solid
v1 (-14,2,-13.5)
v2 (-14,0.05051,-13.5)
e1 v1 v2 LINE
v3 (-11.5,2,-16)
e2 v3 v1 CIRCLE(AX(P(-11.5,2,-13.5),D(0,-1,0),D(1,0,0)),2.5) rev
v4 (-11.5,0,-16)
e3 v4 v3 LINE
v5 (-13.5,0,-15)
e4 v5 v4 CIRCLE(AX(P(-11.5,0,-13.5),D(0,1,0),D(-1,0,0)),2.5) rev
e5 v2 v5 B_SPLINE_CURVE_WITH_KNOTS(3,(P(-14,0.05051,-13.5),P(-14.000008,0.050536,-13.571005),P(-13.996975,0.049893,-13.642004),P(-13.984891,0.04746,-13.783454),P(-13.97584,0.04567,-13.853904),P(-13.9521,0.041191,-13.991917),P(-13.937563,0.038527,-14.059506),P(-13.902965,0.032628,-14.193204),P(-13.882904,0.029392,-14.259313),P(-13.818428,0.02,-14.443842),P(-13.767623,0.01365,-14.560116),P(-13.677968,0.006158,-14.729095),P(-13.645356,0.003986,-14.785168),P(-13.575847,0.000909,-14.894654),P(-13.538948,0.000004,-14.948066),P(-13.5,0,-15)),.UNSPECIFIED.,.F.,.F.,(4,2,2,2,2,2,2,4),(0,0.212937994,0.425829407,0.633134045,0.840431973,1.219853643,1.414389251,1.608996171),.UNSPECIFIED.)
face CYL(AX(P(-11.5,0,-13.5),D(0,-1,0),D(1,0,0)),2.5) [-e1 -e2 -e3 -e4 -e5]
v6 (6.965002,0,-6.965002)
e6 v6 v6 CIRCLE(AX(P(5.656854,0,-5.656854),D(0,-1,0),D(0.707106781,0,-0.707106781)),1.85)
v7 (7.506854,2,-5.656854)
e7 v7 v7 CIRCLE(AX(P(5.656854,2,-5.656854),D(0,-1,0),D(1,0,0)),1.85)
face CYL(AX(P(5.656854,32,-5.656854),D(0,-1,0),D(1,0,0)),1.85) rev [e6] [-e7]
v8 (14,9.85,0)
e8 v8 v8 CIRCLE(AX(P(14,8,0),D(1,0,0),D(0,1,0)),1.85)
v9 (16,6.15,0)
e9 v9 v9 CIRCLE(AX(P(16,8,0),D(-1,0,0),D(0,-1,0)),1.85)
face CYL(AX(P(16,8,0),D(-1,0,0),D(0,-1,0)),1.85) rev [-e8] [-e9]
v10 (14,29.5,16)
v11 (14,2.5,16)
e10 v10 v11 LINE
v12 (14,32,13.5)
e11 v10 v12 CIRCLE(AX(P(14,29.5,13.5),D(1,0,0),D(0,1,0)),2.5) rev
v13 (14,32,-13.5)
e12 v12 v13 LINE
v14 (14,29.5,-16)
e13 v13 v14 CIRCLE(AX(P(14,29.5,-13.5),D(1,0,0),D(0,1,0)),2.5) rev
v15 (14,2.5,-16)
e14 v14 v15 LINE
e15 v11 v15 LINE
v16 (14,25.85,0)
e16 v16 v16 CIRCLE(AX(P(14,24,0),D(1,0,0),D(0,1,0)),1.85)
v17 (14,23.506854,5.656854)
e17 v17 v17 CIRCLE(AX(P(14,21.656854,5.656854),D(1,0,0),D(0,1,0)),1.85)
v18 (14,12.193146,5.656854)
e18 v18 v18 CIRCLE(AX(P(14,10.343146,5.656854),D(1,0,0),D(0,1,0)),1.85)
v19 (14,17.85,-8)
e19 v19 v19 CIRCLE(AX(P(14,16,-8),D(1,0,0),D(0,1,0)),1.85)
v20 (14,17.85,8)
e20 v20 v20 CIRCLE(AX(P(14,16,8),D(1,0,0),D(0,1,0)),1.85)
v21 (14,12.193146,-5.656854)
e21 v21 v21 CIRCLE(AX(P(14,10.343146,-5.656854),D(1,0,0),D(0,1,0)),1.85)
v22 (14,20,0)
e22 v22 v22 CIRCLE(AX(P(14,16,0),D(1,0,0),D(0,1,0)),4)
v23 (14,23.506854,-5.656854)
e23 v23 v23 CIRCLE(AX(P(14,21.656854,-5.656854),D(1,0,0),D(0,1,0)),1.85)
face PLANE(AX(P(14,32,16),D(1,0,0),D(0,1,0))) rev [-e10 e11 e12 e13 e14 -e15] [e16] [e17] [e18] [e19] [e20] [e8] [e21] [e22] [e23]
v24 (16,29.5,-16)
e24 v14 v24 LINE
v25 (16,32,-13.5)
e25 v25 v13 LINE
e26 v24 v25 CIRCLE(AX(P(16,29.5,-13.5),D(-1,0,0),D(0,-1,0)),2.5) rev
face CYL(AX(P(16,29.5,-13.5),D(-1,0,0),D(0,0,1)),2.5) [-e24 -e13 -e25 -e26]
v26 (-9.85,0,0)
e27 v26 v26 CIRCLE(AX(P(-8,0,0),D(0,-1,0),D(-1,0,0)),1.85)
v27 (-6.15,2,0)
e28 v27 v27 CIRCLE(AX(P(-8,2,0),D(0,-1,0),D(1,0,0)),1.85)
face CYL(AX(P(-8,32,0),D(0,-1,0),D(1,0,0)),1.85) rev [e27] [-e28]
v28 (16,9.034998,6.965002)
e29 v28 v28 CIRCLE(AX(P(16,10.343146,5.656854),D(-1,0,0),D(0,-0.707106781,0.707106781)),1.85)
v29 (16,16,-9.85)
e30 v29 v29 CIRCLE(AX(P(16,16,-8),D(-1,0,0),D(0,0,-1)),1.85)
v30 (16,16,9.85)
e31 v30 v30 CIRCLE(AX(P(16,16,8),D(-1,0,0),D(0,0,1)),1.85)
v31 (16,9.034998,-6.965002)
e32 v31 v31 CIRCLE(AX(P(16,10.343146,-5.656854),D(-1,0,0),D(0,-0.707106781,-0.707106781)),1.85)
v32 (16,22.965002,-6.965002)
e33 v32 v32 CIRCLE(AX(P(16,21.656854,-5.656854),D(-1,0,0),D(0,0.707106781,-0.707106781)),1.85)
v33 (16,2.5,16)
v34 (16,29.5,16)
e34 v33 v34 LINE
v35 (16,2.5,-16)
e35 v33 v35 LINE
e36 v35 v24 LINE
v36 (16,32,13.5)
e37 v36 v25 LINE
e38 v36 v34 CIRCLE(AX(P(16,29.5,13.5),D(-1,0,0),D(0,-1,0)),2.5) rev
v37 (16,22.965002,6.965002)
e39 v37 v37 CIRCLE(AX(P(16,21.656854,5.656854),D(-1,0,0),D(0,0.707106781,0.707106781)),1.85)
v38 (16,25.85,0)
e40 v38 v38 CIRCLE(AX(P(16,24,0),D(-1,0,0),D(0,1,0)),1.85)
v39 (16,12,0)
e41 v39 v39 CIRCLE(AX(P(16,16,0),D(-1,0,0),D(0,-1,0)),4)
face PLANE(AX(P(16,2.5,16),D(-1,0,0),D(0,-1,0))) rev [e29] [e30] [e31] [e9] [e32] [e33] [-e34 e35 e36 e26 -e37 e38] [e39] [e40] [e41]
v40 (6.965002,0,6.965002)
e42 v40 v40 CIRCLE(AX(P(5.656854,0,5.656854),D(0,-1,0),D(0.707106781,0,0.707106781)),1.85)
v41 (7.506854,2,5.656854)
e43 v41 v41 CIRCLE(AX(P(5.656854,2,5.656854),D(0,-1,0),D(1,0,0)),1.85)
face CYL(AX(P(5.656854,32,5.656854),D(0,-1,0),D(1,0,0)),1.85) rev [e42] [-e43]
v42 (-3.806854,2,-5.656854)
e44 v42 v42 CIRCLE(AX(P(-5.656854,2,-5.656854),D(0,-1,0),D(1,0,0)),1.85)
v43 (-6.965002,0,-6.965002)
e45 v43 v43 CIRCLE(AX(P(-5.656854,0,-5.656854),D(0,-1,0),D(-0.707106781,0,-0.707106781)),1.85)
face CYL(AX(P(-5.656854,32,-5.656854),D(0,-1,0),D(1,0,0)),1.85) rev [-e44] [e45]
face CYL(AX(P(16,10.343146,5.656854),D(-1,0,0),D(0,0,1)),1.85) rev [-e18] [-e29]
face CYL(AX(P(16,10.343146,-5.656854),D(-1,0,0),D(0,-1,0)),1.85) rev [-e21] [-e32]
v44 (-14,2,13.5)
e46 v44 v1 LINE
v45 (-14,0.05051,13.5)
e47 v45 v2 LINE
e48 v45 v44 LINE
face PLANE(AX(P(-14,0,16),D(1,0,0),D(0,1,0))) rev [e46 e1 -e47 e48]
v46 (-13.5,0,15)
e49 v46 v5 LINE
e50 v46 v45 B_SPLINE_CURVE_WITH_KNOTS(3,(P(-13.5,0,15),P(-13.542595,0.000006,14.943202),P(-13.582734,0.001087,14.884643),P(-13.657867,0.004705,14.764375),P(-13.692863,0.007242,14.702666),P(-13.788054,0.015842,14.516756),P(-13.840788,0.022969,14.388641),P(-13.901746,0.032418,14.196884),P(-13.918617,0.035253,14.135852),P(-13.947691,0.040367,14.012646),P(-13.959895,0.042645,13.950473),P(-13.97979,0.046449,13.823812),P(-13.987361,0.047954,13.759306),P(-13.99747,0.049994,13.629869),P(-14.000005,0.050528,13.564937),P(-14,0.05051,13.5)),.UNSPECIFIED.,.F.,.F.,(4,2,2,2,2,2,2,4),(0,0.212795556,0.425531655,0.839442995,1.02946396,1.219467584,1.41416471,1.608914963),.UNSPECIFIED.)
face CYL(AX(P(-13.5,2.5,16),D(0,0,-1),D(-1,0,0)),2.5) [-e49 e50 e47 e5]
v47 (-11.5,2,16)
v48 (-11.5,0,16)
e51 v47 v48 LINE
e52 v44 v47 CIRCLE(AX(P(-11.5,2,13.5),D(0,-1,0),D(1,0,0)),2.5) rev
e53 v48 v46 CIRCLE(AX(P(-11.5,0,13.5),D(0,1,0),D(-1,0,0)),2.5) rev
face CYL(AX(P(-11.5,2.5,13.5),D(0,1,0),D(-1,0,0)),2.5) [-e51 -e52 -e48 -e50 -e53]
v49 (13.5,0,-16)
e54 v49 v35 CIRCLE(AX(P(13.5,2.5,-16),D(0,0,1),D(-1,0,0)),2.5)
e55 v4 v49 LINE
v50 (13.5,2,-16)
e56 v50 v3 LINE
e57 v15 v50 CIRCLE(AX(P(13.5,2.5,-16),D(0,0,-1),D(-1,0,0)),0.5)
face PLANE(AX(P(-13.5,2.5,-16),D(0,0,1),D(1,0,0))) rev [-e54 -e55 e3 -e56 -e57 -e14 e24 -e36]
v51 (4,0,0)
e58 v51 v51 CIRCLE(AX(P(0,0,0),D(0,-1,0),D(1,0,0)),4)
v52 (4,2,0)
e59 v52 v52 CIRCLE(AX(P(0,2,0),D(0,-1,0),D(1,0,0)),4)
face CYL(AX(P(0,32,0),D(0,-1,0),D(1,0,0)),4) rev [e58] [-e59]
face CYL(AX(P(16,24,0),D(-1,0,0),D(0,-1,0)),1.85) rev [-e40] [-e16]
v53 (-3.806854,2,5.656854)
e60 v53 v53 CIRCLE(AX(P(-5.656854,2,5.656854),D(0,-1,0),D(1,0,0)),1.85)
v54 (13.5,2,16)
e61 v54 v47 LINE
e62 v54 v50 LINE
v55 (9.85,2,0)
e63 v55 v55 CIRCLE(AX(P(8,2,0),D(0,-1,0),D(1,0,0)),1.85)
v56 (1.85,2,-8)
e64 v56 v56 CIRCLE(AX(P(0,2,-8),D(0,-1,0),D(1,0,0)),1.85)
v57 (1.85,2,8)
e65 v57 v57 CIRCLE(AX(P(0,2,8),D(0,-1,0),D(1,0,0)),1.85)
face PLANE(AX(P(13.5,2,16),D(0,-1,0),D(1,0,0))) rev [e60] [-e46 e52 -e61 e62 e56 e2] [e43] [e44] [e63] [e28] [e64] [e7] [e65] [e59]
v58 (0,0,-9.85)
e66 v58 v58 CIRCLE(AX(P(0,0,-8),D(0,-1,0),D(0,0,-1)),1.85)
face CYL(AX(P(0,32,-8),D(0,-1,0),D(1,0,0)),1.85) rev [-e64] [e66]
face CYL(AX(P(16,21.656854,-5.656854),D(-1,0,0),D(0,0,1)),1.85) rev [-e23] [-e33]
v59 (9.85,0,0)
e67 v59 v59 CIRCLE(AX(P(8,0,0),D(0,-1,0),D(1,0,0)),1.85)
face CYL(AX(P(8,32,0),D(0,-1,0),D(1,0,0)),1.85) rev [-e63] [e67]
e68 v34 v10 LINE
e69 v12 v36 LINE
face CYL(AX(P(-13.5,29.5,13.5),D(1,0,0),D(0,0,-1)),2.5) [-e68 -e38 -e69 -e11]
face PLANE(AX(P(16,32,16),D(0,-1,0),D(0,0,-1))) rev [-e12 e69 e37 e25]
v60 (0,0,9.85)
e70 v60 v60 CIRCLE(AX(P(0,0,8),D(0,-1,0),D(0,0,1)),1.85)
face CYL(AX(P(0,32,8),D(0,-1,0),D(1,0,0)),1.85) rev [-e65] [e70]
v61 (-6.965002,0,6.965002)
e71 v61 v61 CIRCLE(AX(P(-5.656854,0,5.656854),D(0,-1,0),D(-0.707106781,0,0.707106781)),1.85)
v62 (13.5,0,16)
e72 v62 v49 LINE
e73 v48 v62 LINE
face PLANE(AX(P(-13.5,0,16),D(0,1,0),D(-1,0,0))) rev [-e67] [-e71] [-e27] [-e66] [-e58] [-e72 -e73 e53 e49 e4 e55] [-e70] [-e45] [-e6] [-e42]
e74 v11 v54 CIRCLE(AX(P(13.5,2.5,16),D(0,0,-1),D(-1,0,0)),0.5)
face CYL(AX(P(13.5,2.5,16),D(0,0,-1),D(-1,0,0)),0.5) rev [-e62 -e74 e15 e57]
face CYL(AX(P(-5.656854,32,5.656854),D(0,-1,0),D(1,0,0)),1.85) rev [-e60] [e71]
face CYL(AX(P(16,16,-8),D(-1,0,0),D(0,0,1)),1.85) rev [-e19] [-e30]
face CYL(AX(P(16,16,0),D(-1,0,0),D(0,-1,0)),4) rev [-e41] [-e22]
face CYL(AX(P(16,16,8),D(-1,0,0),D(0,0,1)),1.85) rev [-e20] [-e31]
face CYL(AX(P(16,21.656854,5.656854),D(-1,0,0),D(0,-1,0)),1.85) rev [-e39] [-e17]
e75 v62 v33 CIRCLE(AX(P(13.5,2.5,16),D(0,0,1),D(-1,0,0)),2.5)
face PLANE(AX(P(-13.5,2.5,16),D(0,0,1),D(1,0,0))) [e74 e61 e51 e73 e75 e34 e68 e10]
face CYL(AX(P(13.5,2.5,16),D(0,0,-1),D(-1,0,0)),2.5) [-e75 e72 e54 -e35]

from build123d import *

# Parameters (mm, degrees)
EXTRUDE1_DEPTH     = 16
FILLET1_R          = 2.5
SKETCH2_R          = 4
CUT_EXTRUDE1_DEPTH = 40.191835885
SKETCH3_R          = 4
CUT_EXTRUDE3_DEPTH = 49
SKETCH3_3_R        = 1.85
CUT_EXTRUDE4_DEPTH = 49
SKETCH2_4_R        = 1.85
CUT_EXTRUDE2_DEPTH = 40.191835885
CIRPATTERN1_COUNT  = 8
CIRPATTERN3_COUNT  = 8
CUT_EXTRUDE5_DEPTH = 49
CUT_EXTRUDE7_DEPTH = 49
FILLET2_R          = 2.5


with BuildPart() as part:
    # Sketch1 → Extrude1 (new, symmetric)
    with BuildSketch(Plane.XY):
        with BuildLine():
            Line((-13.5, 0), (13.5, 0))
            ThreePointArc((13.5, 0), (15.267766953, 0.732233047), (16, 2.5))
            Line((16, 2.5), (16, 32))
            Line((16, 32), (14, 32))
            Line((14, 32), (14, 2.5))
            ThreePointArc((14, 2.5), (13.853553391, 2.146446609), (13.5, 2))
            Line((13.5, 2), (-13.5, 2))
            ThreePointArc((-13.5, 2), (-13.853553391, 2.146446609), (-14, 2.5))
            Line((-14, 2.5), (-14, 32))
            Line((-14, 32), (-16, 32))
            Line((-16, 32), (-16, 2.5))
            ThreePointArc((-16, 2.5), (-15.267766953, 0.732233047), (-13.5, 0))
        make_face()
    extrude(amount=EXTRUDE1_DEPTH, both=True)

    # Fillet1
    fillet1_edges = [part.edges().sort_by_distance(p)[0] for p in [
        (-15, 32, -16),
        (-15, 32, 16),
        (15, 32, -16),
        (15, 32, 16),
    ]]
    fillet(fillet1_edges, radius=FILLET1_R)

    # Sketch2 → Cut-Extrude1 (cut, through all)
    with BuildSketch(Plane.XZ):
        Circle(SKETCH2_R)
    extrude(amount=-CUT_EXTRUDE1_DEPTH, mode=Mode.SUBTRACT)

    # Sketch3 → Cut-Extrude3 (cut, through all)
    with BuildSketch(Plane.ZY.offset(16)):
        with Locations(Location((0, 16, 0), (0, 0, 270))):
            Circle(SKETCH3_R)
    extrude(amount=-CUT_EXTRUDE3_DEPTH, mode=Mode.SUBTRACT)

    # Sketch3<3> → Cut-Extrude4 (cut, through all)
    with BuildSketch(Plane.ZY.offset(16)):
        with Locations(Location((0, 8, 0), (0, 0, 270))):
            Circle(SKETCH3_3_R)
    cut_extrude4 = extrude(amount=-CUT_EXTRUDE4_DEPTH, mode=Mode.SUBTRACT)

    # Sketch2<4> → Cut-Extrude2 (cut, through all)
    with BuildSketch(Plane.XZ):
        with Locations((8, 0)):
            Circle(SKETCH2_4_R)
    cut_extrude2 = extrude(amount=-CUT_EXTRUDE2_DEPTH, mode=Mode.SUBTRACT)

    # CirPattern1: Cut-Extrude2 ×8 about axis
    cirpattern1_axis = Axis((0, 0, 0), (0, 1, 0))
    for i in range(1, CIRPATTERN1_COUNT):
        add(cut_extrude2.rotate(cirpattern1_axis, i * 360 / CIRPATTERN1_COUNT), mode=Mode.SUBTRACT)

    # CirPattern3: Cut-Extrude4 ×8 about axis
    cirpattern3_axis = Axis((0, 16, 0), (1, 0, 0))
    for i in range(1, CIRPATTERN3_COUNT):
        add(cut_extrude4.rotate(cirpattern3_axis, i * 360 / CIRPATTERN3_COUNT), mode=Mode.SUBTRACT)

    # Sketch4 → Cut-Extrude5 (cut, through all)
    with BuildSketch(Plane(origin=(0, 0, -16), x_dir=(-1, 0, 0), z_dir=(0, 0, -1))):
        with BuildLine():
            Line((14, 29.5), (14, 2.5))
            Line((14, 2.5), (14, 0.050510257))
            ThreePointArc((14, 0.050510257), (15.436491673, 0.91886117), (16, 2.5))
            Line((16, 2.5), (16, 29.5))
            Line((16, 29.5), (14, 29.5))
        make_face()
        with BuildLine():
            ThreePointArc((16, 2.5), (15.436491673, 0.91886117), (14, 0.050510257))
            Line((14, 0.050510257), (14, -1.144356578))
            Line((14, -1.144356578), (16.915765157, -1.144356578))
            Line((16.915765157, -1.144356578), (16.915765157, 33.185918655))
            Line((16.915765157, 33.185918655), (14, 33.185918655))
            Line((14, 33.185918655), (14, 29.5))
            Line((14, 29.5), (16, 29.5))
            Line((16, 29.5), (16, 2.5))
        make_face()
    extrude(amount=-CUT_EXTRUDE5_DEPTH, mode=Mode.SUBTRACT)

    # Sketch5 → Cut-Extrude7 (cut, through all)
    with BuildSketch(Plane(origin=(0, 0, -16), x_dir=(-1, 0, 0), z_dir=(0, 0, -1))):
        Polygon((13.5, 2), (15.292334009, 2), (14.396167004, 3.92414695), align=None)
    extrude(amount=-CUT_EXTRUDE7_DEPTH, mode=Mode.SUBTRACT)

    # Fillet2
    fillet2_edges = [part.edges().sort_by_distance(p)[0] for p in [
        (-14, 1.025255129, 16),
        (-14, 1.025255129, -16),
    ]]
    fillet(fillet2_edges, radius=FILLET2_R)


solid = part.part
